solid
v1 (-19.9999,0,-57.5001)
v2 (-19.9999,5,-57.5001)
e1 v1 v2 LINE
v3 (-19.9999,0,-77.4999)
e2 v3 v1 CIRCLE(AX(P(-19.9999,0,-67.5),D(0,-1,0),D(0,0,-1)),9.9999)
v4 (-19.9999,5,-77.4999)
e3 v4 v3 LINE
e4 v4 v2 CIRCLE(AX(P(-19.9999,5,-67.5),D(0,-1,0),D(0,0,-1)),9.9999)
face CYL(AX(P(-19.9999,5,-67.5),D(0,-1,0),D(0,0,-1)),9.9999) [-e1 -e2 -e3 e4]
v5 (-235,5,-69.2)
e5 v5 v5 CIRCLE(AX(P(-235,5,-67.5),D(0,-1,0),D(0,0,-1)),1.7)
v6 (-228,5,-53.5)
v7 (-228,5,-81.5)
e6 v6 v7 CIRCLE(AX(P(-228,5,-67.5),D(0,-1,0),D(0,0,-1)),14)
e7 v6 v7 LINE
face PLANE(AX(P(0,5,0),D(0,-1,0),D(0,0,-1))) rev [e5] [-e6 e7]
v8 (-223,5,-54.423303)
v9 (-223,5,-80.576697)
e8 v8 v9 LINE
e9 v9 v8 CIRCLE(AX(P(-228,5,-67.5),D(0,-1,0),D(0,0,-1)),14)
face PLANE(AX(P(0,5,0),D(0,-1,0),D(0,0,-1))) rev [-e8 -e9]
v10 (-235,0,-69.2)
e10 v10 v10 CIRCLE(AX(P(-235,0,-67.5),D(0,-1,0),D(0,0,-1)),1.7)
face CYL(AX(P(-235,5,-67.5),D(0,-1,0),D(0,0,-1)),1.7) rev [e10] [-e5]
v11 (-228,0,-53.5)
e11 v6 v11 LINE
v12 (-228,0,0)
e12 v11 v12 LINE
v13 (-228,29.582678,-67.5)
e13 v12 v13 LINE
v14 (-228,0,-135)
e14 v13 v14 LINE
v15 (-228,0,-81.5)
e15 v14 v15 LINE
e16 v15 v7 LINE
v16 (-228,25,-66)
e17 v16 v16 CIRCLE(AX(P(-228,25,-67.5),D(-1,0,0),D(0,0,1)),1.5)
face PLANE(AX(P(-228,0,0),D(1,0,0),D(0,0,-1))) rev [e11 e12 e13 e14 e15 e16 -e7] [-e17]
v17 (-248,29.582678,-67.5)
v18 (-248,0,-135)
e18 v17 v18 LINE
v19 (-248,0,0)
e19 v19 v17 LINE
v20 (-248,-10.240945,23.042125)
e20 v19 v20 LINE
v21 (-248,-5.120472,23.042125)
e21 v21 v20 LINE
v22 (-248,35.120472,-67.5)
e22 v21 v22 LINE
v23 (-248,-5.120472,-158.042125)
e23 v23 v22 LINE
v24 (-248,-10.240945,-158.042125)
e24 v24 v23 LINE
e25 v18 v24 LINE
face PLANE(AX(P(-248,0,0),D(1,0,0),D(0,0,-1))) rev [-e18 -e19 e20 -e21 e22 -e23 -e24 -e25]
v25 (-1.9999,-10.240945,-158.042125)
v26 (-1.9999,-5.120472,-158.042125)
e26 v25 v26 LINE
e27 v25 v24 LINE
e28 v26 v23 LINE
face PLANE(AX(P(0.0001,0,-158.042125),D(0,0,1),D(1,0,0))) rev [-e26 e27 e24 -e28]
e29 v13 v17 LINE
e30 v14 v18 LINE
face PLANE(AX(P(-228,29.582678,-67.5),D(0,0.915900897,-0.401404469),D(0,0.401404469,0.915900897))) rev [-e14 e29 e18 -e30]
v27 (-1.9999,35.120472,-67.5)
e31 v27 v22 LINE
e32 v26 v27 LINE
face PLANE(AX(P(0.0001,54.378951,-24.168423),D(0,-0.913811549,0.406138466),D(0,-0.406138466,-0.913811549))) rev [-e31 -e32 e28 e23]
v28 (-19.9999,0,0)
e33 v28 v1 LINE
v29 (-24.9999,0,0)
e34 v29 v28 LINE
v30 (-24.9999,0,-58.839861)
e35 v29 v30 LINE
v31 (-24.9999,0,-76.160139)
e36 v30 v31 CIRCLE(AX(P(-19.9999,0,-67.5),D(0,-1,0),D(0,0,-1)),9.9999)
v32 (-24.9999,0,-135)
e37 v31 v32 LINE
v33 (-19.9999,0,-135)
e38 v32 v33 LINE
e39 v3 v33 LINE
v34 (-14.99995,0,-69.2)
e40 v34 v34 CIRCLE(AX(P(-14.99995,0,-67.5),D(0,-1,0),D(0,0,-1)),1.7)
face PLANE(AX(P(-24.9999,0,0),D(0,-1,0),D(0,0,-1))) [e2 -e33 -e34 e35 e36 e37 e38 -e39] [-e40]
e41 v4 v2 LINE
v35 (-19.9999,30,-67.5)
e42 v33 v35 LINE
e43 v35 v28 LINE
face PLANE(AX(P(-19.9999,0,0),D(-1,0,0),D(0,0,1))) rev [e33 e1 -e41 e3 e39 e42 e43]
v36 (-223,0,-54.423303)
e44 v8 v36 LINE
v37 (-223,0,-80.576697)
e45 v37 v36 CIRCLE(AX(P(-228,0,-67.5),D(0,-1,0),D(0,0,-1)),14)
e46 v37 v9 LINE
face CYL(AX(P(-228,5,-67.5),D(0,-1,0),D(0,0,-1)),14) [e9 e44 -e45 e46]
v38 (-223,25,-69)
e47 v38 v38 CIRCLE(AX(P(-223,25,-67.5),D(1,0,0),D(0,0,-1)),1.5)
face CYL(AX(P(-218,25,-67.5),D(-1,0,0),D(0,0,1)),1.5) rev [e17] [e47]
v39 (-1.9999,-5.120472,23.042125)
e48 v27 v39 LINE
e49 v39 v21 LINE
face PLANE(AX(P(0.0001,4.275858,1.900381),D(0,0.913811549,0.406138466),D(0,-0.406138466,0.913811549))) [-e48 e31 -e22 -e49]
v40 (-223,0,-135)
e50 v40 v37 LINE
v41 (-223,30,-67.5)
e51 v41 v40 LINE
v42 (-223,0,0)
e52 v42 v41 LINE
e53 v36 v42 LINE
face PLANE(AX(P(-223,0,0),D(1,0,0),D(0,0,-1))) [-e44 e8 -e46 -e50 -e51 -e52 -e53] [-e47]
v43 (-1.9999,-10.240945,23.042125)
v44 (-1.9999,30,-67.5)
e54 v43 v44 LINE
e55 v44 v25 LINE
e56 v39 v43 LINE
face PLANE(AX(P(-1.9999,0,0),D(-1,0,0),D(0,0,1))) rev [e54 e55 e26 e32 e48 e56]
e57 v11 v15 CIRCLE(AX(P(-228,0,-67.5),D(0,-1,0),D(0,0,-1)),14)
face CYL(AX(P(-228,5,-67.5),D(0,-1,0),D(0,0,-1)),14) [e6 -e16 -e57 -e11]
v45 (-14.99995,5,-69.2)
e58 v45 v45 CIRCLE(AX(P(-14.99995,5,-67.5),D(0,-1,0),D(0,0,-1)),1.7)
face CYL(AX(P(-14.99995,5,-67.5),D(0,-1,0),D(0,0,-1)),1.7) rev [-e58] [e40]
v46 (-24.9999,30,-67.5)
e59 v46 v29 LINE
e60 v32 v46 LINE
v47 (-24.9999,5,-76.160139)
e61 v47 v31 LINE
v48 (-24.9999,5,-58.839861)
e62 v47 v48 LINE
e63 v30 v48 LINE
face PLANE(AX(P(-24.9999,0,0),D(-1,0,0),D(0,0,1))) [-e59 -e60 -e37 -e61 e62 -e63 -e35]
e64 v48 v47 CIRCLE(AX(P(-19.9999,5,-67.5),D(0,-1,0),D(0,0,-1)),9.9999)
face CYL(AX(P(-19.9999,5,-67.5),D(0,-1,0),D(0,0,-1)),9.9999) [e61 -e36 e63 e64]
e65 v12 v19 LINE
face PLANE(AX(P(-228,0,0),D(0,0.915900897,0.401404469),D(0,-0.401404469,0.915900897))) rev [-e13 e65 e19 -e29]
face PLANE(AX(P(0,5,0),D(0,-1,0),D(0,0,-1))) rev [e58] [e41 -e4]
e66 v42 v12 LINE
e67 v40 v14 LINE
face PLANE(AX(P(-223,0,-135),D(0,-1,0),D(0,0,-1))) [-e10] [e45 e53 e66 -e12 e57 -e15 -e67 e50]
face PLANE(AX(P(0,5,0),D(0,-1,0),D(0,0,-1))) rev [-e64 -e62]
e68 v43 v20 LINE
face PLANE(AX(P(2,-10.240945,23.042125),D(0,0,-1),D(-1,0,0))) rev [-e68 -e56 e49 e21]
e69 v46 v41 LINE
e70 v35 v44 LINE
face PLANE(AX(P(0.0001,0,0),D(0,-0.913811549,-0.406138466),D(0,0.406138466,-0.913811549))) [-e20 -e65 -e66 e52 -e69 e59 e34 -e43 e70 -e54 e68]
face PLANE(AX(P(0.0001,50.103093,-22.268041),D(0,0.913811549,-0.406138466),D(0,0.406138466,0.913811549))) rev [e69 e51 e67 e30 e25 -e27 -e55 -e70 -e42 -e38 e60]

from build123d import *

# Parameters (mm, degrees)
BOSS_EXTRUDE1_DEPTH      = 0.0001
BOSS_EXTRUDE1_DEPTH_BACK = 248
BOSS_EXTRUDE2_DEPTH      = 25
CUT_EXTRUDE1_DEPTH       = 20
BOSS_EXTRUDE3_DEPTH      = 25
CUT_EXTRUDE2_DEPTH       = 20
BOSS_EXTRUDE4_DEPTH      = 5
BOSS_EXTRUDE5_DEPTH      = 5
SKETCH8_R                = 1.5
CUT_EXTRUDE3_DEPTH       = 10
SKETCH9_W                = 70
SKETCH9_H                = 5.120472302
BOSS_EXTRUDE7_DEPTH      = 250
SKETCH11_W               = 70
SKETCH11_H               = 5.120472302
CUT_EXTRUDE4_DEPTH       = 250
CUT_EXTRUDE5_DEPTH       = 2


with BuildPart() as part:
    # Sketch1 → Boss-Extrude1 (new, two sides: drawn at the far end of the back side and taken through both)
    with BuildSketch(Plane(origin=(0, 0, 0), x_dir=(0, 0, -1), z_dir=(1, 0, 0)).offset(-BOSS_EXTRUDE1_DEPTH_BACK)):
        Polygon((-23.04212536, -5.120472302), (67.5, 35.120472302), (158.04212536, -5.120472302), (158.04212536, -10.240944604), (135, 0), (67.5, 30), (0, 0), (-23.04212536, -10.240944604), align=None)
    extrude(amount=BOSS_EXTRUDE1_DEPTH + BOSS_EXTRUDE1_DEPTH_BACK)

    # Sketch2 → Boss-Extrude2 (add)
    with BuildSketch(Plane(origin=(0.0001, 0, 0), x_dir=(0, 0, -1), z_dir=(1, 0, 0))):
        Polygon((0, 0), (135, 0), (67.5, 30), align=None)
    extrude(amount=-BOSS_EXTRUDE2_DEPTH)

    # Sketch3 → Cut-Extrude1 (cut)
    with BuildSketch(Plane(origin=(0.0001, 0, 0), x_dir=(0, 0, -1), z_dir=(1, 0, 0))):
        Polygon((0, 0), (135, 0), (67.5, 30), align=None)
    extrude(amount=-CUT_EXTRUDE1_DEPTH, mode=Mode.SUBTRACT)

    # Sketch4 → Boss-Extrude3 (add)
    with BuildSketch(Plane.ZY.offset(248)):
        Polygon((-135, 0), (0, 0), (-67.5, 30), align=None)
    extrude(amount=-BOSS_EXTRUDE3_DEPTH)

    # Sketch5 → Cut-Extrude2 (cut)
    with BuildSketch(Plane.ZY.offset(248)):
        Polygon((-135, 0), (0, 0), (-67.5, 29.582678365), align=None)
    extrude(amount=-CUT_EXTRUDE2_DEPTH, mode=Mode.SUBTRACT)

    # Sketch6 → Boss-Extrude4 (add)
    with BuildSketch(Plane(origin=(0, 0, 0), x_dir=(-1, 0, 0), z_dir=(0, -1, 0))):
        with BuildLine():
            ThreePointArc((233.3, 67.5), (235, 69.2), (236.7, 67.5))
            Line((236.7, 67.5), (242, 67.5))
            ThreePointArc((242, 67.5), (237.899494937, 77.399494937), (228, 81.5))
            Line((228, 81.5), (228, 67.5))
            Line((228, 67.5), (233.3, 67.5))
        make_face()
        with BuildLine():
            Line((242, 67.5), (236.7, 67.5))
            ThreePointArc((236.7, 67.5), (235, 65.8), (233.3, 67.5))
            Line((233.3, 67.5), (228, 67.5))
            Line((228, 67.5), (228, 53.5))
            ThreePointArc((228, 53.5), (237.899494937, 57.600505063), (242, 67.5))
        make_face()
        with BuildLine():
            Line((223, 54.423303169), (223, 80.576696831))
            ThreePointArc((223, 80.576696831), (214, 67.5), (223, 54.423303169))
        make_face()
        with BuildLine():
            Line((228, 67.5), (228, 81.5))
            ThreePointArc((228, 81.5), (225.457732865, 81.267239295), (223, 80.576696831))
            Line((223, 80.576696831), (223, 54.423303169))
            ThreePointArc((223, 54.423303169), (225.457732865, 53.732760705), (228, 53.5))
            Line((228, 53.5), (228, 67.5))
        make_face()
    extrude(amount=-BOSS_EXTRUDE4_DEPTH)

    # Sketch7 → Boss-Extrude5 (add)
    with BuildSketch(Plane(origin=(0, 0, 0), x_dir=(-1, 0, 0), z_dir=(0, -1, 0))):
        with BuildLine():
            Line((19.9999, 57.5001), (19.9999, 67.5))
            Line((19.9999, 67.5), (16.69995, 67.5))
            ThreePointArc((16.69995, 67.5), (14.99995, 65.8), (13.29995, 67.5))
            Line((13.29995, 67.5), (10, 67.5))
            ThreePointArc((10, 67.5), (12.928902899, 60.429002899), (19.9999, 57.5001))
        make_face()
        with BuildLine():
            Line((16.69995, 67.5), (19.9999, 67.5))
            Line((19.9999, 67.5), (19.9999, 77.4999))
            ThreePointArc((19.9999, 77.4999), (12.928902899, 74.570997101), (10, 67.5))
            Line((10, 67.5), (13.29995, 67.5))
            ThreePointArc((13.29995, 67.5), (14.99995, 69.2), (16.69995, 67.5))
        make_face()
        with BuildLine():
            Line((19.9999, 77.4999), (19.9999, 67.5))
            Line((19.9999, 67.5), (19.9999, 57.5001))
            ThreePointArc((19.9999, 57.5001), (22.588092453, 57.840845801), (24.9999, 58.839861432))
            Line((24.9999, 58.839861432), (24.9999, 76.160138568))
            ThreePointArc((24.9999, 76.160138568), (22.588092453, 77.159154199), (19.9999, 77.4999))
        make_face()
        with BuildLine():
            ThreePointArc((29.9998, 67.5), (28.660081869, 72.499925), (24.9999, 76.160138568))
            Line((24.9999, 76.160138568), (24.9999, 58.839861432))
            ThreePointArc((24.9999, 58.839861432), (28.660081869, 62.500075), (29.9998, 67.5))
        make_face()
    extrude(amount=-BOSS_EXTRUDE5_DEPTH)

    # Sketch8 → Cut-Extrude3 (cut)
    with BuildSketch(Plane.ZY.offset(228)):
        with Locations((-67.5, 25)):
            Circle(SKETCH8_R)
    extrude(amount=-CUT_EXTRUDE3_DEPTH, mode=Mode.SUBTRACT)

    # Sketch9 → Boss-Extrude7 (add)
    with BuildSketch(Plane.ZY.offset(248)):
        with Locations((58.04212536, -7.680708453)):
            Rectangle(SKETCH9_W, SKETCH9_H)
    extrude(amount=-BOSS_EXTRUDE7_DEPTH)

    # Sketch11 → Cut-Extrude4 (cut)
    with BuildSketch(Plane.ZY.offset(248)):
        with Locations((58.04212536, -7.680708453)):
            Rectangle(SKETCH11_W, SKETCH11_H)
    extrude(amount=-CUT_EXTRUDE4_DEPTH, mode=Mode.SUBTRACT)

    # Sketch12 → Cut-Extrude5 (cut)
    with BuildSketch(Plane(origin=(0.0001, 0, 0), x_dir=(0, 0, -1), z_dir=(1, 0, 0))):
        Polygon((-23.04212536, -5.120472302), (67.5, 35.120472302), (158.04212536, -5.120472302), (158.04212536, -10.240944604), (67.5, 30), (-23.04212536, -10.240944604), align=None)
    extrude(amount=-CUT_EXTRUDE5_DEPTH, mode=Mode.SUBTRACT)


solid = part.part
